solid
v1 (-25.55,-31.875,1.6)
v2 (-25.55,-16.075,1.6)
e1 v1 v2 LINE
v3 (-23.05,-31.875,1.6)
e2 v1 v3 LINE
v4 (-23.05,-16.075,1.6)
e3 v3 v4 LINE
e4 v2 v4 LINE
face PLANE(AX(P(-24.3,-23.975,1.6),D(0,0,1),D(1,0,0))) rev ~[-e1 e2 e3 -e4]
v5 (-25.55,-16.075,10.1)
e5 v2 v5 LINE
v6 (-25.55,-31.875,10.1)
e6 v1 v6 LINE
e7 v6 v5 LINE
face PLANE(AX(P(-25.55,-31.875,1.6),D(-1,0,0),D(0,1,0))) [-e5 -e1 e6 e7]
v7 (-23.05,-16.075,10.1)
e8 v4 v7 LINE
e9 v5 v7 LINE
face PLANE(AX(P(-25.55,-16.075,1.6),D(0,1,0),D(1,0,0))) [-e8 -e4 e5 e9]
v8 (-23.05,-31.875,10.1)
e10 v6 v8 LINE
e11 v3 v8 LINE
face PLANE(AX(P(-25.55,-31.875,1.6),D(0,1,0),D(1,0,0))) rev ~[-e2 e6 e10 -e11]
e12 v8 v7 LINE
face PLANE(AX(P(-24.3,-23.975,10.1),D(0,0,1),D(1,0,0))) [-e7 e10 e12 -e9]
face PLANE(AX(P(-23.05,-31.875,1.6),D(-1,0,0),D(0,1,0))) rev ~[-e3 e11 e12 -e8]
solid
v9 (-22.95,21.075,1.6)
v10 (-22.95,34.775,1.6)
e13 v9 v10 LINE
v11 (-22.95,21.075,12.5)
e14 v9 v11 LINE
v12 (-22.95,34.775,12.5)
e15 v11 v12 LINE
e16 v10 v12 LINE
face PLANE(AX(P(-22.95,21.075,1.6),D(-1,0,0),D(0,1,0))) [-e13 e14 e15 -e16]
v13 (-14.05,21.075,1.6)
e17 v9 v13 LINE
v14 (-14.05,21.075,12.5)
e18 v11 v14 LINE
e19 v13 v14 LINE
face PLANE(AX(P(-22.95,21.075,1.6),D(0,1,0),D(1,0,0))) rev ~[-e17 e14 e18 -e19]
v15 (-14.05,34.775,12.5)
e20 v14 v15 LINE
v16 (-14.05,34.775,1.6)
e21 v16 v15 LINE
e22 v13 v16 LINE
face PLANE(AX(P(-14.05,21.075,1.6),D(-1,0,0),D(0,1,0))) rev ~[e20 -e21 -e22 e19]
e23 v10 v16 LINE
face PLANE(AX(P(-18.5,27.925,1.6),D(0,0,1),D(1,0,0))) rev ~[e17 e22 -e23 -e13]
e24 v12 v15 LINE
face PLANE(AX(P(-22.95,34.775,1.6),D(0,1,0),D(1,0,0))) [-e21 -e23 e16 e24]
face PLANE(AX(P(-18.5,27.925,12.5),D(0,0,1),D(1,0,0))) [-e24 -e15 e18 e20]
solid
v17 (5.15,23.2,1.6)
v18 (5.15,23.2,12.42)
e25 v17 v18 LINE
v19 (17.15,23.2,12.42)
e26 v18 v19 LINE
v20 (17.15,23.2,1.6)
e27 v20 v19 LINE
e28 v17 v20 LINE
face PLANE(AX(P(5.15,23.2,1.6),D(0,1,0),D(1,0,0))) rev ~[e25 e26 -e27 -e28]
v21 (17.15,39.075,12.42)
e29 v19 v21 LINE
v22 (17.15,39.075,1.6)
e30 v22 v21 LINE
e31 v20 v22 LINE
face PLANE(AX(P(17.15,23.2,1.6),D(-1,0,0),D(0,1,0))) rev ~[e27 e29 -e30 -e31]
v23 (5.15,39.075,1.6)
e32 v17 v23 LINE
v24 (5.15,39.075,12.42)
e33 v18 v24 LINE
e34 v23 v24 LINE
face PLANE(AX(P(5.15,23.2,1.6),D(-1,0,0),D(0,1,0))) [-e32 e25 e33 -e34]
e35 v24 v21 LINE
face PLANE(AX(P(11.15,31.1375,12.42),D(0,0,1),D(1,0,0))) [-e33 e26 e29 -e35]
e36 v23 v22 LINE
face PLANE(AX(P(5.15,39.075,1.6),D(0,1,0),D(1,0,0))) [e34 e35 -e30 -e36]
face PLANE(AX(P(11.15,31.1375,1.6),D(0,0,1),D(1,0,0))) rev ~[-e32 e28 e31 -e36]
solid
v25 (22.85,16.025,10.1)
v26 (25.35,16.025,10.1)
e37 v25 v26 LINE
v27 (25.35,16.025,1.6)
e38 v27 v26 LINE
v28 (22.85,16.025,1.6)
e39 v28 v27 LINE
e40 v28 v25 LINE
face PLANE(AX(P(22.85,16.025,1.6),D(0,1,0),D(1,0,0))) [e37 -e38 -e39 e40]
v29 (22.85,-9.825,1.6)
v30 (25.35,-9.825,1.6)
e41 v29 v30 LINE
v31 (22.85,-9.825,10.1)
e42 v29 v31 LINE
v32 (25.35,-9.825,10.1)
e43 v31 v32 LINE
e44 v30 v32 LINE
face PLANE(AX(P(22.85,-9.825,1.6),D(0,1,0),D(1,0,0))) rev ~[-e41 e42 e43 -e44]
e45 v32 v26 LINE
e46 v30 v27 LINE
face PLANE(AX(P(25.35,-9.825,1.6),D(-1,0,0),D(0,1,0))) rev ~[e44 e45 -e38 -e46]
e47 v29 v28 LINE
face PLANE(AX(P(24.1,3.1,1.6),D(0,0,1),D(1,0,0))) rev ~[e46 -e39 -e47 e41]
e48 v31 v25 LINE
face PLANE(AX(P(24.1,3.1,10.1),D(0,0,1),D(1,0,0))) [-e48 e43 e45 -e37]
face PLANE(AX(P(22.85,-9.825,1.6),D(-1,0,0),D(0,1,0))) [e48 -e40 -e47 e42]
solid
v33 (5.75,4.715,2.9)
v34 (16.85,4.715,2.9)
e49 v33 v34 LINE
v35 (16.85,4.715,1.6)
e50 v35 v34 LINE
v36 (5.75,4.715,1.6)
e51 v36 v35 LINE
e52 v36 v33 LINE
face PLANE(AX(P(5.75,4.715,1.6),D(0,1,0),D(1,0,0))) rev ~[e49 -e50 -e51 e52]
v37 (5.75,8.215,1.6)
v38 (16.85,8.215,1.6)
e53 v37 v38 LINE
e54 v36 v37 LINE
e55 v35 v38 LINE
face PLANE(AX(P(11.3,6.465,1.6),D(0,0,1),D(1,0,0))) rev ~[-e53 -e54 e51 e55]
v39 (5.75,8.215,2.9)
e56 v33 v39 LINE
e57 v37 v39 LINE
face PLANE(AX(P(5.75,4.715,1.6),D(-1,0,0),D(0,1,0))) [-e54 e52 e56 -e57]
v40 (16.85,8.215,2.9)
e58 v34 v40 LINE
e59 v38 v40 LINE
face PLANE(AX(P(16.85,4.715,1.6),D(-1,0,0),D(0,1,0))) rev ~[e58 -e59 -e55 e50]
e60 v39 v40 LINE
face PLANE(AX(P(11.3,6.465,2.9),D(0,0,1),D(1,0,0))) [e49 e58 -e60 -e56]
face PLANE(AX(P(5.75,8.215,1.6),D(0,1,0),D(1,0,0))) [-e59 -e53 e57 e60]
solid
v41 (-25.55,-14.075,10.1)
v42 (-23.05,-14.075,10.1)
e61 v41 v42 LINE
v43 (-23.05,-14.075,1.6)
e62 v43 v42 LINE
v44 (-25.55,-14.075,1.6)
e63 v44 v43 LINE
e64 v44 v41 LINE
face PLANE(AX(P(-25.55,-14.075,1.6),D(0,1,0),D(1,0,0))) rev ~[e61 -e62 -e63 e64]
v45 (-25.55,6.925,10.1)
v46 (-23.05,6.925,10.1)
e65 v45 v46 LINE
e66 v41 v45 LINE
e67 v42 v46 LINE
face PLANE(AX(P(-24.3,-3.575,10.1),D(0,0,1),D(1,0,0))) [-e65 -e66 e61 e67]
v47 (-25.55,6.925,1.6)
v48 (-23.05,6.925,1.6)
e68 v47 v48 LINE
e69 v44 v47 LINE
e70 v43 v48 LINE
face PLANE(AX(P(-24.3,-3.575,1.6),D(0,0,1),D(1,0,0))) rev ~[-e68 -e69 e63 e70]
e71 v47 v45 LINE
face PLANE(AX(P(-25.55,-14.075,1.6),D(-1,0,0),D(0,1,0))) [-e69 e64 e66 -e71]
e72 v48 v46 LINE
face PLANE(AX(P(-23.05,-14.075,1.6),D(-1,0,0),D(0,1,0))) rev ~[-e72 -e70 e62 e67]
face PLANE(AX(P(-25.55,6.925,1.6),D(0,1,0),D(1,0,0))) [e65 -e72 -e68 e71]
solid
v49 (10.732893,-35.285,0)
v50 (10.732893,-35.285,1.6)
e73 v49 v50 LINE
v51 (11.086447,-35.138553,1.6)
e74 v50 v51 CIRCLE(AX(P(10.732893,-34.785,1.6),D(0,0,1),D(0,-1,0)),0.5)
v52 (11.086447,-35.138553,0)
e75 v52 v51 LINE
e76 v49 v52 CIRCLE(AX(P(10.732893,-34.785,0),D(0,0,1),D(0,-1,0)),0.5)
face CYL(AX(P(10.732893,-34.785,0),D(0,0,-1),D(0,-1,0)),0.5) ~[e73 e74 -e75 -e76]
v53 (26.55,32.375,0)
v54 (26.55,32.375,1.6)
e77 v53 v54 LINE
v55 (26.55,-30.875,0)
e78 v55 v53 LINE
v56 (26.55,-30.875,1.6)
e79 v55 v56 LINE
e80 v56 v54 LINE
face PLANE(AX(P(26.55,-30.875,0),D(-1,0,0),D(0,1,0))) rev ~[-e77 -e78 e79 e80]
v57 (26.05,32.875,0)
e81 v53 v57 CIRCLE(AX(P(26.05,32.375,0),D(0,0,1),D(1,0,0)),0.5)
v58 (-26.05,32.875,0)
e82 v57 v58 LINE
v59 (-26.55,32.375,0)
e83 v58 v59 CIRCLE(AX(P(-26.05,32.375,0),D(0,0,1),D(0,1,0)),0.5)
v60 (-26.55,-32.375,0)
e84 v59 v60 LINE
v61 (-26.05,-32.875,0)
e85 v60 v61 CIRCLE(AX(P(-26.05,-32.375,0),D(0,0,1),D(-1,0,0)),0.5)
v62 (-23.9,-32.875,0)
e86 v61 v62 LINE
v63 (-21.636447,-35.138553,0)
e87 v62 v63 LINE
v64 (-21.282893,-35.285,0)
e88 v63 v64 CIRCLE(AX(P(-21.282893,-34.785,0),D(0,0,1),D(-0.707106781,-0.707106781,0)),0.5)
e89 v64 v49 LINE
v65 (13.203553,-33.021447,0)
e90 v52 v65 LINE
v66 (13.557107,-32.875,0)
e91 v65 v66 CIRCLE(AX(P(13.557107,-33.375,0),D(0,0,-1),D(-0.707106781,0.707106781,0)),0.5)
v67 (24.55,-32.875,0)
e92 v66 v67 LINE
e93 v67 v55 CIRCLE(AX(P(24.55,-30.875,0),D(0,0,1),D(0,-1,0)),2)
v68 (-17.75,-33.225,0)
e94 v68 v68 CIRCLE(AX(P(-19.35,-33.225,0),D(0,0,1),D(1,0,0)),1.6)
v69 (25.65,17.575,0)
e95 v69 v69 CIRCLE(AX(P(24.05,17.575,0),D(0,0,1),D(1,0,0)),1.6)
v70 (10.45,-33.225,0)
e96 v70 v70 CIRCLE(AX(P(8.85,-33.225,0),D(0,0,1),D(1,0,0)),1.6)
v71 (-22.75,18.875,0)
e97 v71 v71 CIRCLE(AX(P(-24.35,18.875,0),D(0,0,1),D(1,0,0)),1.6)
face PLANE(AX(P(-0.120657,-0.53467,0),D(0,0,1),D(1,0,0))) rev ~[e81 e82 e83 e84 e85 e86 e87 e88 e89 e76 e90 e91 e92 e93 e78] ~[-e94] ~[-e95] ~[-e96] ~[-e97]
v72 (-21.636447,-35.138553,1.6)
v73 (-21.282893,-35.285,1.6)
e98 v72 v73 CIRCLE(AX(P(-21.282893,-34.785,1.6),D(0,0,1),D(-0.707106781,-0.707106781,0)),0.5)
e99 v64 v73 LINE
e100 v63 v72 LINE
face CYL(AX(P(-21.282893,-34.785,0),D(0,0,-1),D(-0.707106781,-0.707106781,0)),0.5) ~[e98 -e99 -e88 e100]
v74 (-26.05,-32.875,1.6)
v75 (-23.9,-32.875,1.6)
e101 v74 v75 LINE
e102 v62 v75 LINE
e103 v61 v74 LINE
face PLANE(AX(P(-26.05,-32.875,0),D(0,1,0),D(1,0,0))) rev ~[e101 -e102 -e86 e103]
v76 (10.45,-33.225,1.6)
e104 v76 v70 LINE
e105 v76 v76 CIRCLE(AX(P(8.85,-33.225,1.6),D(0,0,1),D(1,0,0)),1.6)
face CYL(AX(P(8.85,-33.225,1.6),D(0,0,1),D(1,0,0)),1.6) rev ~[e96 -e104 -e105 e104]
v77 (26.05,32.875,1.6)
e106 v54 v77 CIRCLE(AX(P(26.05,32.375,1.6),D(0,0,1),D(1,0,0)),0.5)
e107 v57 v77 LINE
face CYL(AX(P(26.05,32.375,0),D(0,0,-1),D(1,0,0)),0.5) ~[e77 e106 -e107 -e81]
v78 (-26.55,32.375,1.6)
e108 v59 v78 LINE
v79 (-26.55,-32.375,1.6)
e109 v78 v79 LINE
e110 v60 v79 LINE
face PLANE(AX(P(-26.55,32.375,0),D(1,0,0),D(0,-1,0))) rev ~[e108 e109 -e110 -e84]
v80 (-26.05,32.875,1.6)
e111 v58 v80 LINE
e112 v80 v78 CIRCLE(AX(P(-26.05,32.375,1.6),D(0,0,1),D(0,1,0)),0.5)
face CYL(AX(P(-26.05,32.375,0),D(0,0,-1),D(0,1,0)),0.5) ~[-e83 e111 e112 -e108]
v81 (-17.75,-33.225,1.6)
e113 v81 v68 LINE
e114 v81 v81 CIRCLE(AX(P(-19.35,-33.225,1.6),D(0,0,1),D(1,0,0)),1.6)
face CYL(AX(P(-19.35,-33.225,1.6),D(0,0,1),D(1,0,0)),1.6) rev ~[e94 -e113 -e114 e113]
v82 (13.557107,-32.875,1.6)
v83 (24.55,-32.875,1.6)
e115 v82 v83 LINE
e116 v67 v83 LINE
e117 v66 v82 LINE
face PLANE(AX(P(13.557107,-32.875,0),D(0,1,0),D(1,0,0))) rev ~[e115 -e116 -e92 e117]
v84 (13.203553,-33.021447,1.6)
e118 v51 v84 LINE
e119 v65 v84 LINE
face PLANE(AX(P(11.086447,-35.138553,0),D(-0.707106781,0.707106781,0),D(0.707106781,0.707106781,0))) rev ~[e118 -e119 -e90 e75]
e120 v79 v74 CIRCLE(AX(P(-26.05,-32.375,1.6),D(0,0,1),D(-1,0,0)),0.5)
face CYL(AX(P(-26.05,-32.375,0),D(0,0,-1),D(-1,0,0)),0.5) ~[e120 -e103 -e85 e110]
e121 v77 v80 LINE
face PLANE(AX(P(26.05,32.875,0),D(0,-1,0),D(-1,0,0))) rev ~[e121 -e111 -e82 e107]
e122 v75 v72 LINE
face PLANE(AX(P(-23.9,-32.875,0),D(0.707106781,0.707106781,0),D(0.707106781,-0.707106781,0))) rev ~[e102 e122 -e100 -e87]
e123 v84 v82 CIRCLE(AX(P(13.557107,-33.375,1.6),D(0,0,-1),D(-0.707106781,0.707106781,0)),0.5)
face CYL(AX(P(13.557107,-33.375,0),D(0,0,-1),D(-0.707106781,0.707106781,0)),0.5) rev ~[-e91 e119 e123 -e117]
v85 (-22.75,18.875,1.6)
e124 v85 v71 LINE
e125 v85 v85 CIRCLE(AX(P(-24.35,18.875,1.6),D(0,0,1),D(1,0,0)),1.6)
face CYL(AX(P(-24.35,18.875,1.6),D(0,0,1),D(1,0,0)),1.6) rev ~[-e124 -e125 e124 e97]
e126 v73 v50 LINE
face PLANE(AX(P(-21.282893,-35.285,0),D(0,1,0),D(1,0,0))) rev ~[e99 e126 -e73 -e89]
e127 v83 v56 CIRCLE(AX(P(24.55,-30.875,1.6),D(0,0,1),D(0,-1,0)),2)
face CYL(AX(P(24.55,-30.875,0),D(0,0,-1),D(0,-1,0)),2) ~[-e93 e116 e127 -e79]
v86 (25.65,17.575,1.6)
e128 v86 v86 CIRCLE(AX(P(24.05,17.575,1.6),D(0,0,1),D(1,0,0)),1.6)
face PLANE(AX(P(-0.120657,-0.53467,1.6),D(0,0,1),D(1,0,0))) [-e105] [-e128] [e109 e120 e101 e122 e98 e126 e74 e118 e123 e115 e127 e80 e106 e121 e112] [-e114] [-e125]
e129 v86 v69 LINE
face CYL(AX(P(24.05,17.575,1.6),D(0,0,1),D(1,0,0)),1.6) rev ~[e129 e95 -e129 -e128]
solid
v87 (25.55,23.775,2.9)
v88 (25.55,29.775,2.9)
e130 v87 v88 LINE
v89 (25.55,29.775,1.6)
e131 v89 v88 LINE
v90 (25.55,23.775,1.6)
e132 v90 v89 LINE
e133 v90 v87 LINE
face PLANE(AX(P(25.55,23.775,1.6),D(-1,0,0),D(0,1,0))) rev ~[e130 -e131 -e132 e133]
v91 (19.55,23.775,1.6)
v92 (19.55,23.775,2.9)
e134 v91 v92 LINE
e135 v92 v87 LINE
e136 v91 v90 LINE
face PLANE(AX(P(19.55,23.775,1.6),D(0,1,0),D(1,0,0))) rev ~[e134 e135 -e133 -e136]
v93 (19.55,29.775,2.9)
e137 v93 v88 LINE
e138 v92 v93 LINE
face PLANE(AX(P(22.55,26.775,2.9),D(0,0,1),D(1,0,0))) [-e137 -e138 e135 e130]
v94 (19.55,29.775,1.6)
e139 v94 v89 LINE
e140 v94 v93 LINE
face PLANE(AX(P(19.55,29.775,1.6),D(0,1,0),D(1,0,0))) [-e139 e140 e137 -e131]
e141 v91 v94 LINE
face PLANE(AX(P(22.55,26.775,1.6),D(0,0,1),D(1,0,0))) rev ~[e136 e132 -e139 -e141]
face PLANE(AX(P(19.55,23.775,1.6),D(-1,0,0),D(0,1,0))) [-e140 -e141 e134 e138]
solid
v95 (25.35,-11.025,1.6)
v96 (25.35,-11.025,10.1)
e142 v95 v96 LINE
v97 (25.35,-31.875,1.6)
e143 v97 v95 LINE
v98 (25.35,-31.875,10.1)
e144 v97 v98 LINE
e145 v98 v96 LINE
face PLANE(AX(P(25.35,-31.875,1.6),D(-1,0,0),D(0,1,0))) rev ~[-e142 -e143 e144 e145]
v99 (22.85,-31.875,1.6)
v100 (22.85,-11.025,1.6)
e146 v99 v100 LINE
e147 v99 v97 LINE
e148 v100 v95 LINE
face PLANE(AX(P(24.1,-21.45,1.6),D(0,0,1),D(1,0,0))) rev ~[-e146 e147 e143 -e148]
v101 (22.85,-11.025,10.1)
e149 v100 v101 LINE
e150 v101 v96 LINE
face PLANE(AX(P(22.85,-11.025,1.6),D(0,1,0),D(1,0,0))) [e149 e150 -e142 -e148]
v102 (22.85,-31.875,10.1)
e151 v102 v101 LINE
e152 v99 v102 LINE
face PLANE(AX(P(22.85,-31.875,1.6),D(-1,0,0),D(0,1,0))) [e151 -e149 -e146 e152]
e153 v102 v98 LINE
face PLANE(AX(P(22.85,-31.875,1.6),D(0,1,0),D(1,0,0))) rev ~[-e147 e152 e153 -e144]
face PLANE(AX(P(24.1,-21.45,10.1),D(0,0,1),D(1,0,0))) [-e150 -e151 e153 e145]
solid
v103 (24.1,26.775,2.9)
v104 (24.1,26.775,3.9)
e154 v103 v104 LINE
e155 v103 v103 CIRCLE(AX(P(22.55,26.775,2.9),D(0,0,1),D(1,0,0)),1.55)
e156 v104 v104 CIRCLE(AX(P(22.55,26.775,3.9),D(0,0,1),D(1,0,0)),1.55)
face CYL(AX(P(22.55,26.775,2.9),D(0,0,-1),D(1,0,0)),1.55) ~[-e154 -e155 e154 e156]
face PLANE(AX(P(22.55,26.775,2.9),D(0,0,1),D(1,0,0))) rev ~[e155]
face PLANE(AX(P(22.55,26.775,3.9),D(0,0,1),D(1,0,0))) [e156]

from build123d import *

# Parameters (mm, degrees)
F1_DEPTH  = 1.6
F2_W      = 12
F2_H      = 15.875
F3_DEPTH  = 10.82
F4_W      = 8.9
F4_H      = 13.7
F5_DEPTH  = 10.9
F6_R      = 1.6
F7_DEPTH  = 3
F8_W      = 2.5
F8_H      = 25.85
F9_DEPTH  = 8.5
F8_H_2    = 20.85
F8_H_3    = 21
F8_H_4    = 15.8
F10_W     = 6
F10_H     = 6
F11_DEPTH = 1.3
F12_R     = 1.55
F13_DEPTH = 1
F14_W     = 11.1
F14_H     = 3.5
F15_DEPTH = 1.3


with BuildPart() as f1:
    # F0 (on Top) → F1 (new body)
    with BuildSketch(Plane.XY):
        with BuildLine():
            Line((26.05, 32.875), (-26.05, 32.875))
            ThreePointArc((-26.05, 32.875), (-26.4035533906, 32.7285533906), (-26.55, 32.375))
            Line((-26.55, 32.375), (-26.55, -32.375))
            ThreePointArc((-26.55, -32.375), (-26.4035533906, -32.7285533906), (-26.05, -32.875))
            Line((-26.05, -32.875), (-23.9, -32.875))
            Line((-23.9, -32.875), (-21.6364466094, -35.1385533906))
            ThreePointArc((-21.6364466094, -35.1385533906), (-21.474234935, -35.2469397663), (-21.2828932188, -35.285))
            Line((-21.2828932188, -35.285), (10.7328932188, -35.285))
            ThreePointArc((10.7328932188, -35.285), (10.924234935, -35.2469397663), (11.0864466094, -35.1385533906))
            Line((11.0864466094, -35.1385533906), (13.2035533906, -33.0214466094))
            ThreePointArc((13.2035533906, -33.0214466094), (13.365765065, -32.9130602337), (13.5571067812, -32.875))
            Line((13.5571067812, -32.875), (24.55, -32.875))
            ThreePointArc((24.55, -32.875), (25.9642135624, -32.2892135624), (26.55, -30.875))
            Line((26.55, -30.875), (26.55, 32.375))
            ThreePointArc((26.55, 32.375), (26.4035533906, 32.7285533906), (26.05, 32.875))
        make_face()
    extrude(amount=F1_DEPTH)

    # F6 (on face) → F7 (cut)
    with BuildSketch(Plane.XY.offset(1.6)):
        with Locations((-19.35, -33.225)):
            Circle(F6_R)
        with Locations((8.85, -33.225)):
            Circle(F6_R)
        with Locations((24.05, 17.575)):
            Circle(F6_R)
        with Locations((-24.35, 18.875)):
            Circle(F6_R)
    extrude(amount=-F7_DEPTH, mode=Mode.SUBTRACT)


with BuildPart() as f3:
    # F2 (on face) → F3 (new body)
    with BuildSketch(Plane.XY.offset(1.6)):
        with Locations((11.15, 31.1375)):
            Rectangle(F2_W, F2_H)
    extrude(amount=F3_DEPTH)


with BuildPart() as f5:
    # F4 (on face) → F5 (new body)
    with BuildSketch(Plane.XY.offset(1.6)):
        with Locations((-18.5, 27.925)):
            Rectangle(F4_W, F4_H)
    extrude(amount=F5_DEPTH)


with BuildPart() as f9:
    # F8 (on face) → F9 (new body)
    with BuildSketch(Plane.XY.offset(1.6)):
        with Locations((24.1, 3.1)):
            Rectangle(F8_W, F8_H)
    extrude(amount=F9_DEPTH)


with BuildPart() as f9b:
    # F8 (on face) → F9, piece 2 (new body)
    with BuildSketch(Plane.XY.offset(1.6)):
        with Locations((24.1, -21.45)):
            Rectangle(F8_W, F8_H_2)
    extrude(amount=F9_DEPTH)


with BuildPart() as f9c:
    # F8 (on face) → F9, piece 3 (new body)
    with BuildSketch(Plane.XY.offset(1.6)):
        with Locations((-24.3, -3.575)):
            Rectangle(F8_W, F8_H_3)
    extrude(amount=F9_DEPTH)


with BuildPart() as f9d:
    # F8 (on face) → F9, piece 4 (new body)
    with BuildSketch(Plane.XY.offset(1.6)):
        with Locations((-24.3, -23.975)):
            Rectangle(F8_W, F8_H_4)
    extrude(amount=F9_DEPTH)


with BuildPart() as f11:
    # F10 (on face) → F11 (new body)
    with BuildSketch(Plane.XY.offset(1.6)):
        with Locations((22.55, 26.775)):
            Rectangle(F10_W, F10_H)
    extrude(amount=F11_DEPTH)


with BuildPart() as f13:
    # F12 (on face) → F13 (new body)
    with BuildSketch(Plane.XY.offset(2.9)):
        with Locations((22.55, 26.775)):
            Circle(F12_R)
    extrude(amount=F13_DEPTH)


with BuildPart() as f15:
    # F14 (on face) → F15 (new body)
    with BuildSketch(Plane.XY.offset(1.6)):
        with Locations((11.3, 6.465)):
            Rectangle(F14_W, F14_H)
    extrude(amount=F15_DEPTH)


solid = Compound([f1.part, f3.part, f5.part, f9.part, f9b.part, f9c.part, f9d.part, f11.part, f13.part, f15.part])
